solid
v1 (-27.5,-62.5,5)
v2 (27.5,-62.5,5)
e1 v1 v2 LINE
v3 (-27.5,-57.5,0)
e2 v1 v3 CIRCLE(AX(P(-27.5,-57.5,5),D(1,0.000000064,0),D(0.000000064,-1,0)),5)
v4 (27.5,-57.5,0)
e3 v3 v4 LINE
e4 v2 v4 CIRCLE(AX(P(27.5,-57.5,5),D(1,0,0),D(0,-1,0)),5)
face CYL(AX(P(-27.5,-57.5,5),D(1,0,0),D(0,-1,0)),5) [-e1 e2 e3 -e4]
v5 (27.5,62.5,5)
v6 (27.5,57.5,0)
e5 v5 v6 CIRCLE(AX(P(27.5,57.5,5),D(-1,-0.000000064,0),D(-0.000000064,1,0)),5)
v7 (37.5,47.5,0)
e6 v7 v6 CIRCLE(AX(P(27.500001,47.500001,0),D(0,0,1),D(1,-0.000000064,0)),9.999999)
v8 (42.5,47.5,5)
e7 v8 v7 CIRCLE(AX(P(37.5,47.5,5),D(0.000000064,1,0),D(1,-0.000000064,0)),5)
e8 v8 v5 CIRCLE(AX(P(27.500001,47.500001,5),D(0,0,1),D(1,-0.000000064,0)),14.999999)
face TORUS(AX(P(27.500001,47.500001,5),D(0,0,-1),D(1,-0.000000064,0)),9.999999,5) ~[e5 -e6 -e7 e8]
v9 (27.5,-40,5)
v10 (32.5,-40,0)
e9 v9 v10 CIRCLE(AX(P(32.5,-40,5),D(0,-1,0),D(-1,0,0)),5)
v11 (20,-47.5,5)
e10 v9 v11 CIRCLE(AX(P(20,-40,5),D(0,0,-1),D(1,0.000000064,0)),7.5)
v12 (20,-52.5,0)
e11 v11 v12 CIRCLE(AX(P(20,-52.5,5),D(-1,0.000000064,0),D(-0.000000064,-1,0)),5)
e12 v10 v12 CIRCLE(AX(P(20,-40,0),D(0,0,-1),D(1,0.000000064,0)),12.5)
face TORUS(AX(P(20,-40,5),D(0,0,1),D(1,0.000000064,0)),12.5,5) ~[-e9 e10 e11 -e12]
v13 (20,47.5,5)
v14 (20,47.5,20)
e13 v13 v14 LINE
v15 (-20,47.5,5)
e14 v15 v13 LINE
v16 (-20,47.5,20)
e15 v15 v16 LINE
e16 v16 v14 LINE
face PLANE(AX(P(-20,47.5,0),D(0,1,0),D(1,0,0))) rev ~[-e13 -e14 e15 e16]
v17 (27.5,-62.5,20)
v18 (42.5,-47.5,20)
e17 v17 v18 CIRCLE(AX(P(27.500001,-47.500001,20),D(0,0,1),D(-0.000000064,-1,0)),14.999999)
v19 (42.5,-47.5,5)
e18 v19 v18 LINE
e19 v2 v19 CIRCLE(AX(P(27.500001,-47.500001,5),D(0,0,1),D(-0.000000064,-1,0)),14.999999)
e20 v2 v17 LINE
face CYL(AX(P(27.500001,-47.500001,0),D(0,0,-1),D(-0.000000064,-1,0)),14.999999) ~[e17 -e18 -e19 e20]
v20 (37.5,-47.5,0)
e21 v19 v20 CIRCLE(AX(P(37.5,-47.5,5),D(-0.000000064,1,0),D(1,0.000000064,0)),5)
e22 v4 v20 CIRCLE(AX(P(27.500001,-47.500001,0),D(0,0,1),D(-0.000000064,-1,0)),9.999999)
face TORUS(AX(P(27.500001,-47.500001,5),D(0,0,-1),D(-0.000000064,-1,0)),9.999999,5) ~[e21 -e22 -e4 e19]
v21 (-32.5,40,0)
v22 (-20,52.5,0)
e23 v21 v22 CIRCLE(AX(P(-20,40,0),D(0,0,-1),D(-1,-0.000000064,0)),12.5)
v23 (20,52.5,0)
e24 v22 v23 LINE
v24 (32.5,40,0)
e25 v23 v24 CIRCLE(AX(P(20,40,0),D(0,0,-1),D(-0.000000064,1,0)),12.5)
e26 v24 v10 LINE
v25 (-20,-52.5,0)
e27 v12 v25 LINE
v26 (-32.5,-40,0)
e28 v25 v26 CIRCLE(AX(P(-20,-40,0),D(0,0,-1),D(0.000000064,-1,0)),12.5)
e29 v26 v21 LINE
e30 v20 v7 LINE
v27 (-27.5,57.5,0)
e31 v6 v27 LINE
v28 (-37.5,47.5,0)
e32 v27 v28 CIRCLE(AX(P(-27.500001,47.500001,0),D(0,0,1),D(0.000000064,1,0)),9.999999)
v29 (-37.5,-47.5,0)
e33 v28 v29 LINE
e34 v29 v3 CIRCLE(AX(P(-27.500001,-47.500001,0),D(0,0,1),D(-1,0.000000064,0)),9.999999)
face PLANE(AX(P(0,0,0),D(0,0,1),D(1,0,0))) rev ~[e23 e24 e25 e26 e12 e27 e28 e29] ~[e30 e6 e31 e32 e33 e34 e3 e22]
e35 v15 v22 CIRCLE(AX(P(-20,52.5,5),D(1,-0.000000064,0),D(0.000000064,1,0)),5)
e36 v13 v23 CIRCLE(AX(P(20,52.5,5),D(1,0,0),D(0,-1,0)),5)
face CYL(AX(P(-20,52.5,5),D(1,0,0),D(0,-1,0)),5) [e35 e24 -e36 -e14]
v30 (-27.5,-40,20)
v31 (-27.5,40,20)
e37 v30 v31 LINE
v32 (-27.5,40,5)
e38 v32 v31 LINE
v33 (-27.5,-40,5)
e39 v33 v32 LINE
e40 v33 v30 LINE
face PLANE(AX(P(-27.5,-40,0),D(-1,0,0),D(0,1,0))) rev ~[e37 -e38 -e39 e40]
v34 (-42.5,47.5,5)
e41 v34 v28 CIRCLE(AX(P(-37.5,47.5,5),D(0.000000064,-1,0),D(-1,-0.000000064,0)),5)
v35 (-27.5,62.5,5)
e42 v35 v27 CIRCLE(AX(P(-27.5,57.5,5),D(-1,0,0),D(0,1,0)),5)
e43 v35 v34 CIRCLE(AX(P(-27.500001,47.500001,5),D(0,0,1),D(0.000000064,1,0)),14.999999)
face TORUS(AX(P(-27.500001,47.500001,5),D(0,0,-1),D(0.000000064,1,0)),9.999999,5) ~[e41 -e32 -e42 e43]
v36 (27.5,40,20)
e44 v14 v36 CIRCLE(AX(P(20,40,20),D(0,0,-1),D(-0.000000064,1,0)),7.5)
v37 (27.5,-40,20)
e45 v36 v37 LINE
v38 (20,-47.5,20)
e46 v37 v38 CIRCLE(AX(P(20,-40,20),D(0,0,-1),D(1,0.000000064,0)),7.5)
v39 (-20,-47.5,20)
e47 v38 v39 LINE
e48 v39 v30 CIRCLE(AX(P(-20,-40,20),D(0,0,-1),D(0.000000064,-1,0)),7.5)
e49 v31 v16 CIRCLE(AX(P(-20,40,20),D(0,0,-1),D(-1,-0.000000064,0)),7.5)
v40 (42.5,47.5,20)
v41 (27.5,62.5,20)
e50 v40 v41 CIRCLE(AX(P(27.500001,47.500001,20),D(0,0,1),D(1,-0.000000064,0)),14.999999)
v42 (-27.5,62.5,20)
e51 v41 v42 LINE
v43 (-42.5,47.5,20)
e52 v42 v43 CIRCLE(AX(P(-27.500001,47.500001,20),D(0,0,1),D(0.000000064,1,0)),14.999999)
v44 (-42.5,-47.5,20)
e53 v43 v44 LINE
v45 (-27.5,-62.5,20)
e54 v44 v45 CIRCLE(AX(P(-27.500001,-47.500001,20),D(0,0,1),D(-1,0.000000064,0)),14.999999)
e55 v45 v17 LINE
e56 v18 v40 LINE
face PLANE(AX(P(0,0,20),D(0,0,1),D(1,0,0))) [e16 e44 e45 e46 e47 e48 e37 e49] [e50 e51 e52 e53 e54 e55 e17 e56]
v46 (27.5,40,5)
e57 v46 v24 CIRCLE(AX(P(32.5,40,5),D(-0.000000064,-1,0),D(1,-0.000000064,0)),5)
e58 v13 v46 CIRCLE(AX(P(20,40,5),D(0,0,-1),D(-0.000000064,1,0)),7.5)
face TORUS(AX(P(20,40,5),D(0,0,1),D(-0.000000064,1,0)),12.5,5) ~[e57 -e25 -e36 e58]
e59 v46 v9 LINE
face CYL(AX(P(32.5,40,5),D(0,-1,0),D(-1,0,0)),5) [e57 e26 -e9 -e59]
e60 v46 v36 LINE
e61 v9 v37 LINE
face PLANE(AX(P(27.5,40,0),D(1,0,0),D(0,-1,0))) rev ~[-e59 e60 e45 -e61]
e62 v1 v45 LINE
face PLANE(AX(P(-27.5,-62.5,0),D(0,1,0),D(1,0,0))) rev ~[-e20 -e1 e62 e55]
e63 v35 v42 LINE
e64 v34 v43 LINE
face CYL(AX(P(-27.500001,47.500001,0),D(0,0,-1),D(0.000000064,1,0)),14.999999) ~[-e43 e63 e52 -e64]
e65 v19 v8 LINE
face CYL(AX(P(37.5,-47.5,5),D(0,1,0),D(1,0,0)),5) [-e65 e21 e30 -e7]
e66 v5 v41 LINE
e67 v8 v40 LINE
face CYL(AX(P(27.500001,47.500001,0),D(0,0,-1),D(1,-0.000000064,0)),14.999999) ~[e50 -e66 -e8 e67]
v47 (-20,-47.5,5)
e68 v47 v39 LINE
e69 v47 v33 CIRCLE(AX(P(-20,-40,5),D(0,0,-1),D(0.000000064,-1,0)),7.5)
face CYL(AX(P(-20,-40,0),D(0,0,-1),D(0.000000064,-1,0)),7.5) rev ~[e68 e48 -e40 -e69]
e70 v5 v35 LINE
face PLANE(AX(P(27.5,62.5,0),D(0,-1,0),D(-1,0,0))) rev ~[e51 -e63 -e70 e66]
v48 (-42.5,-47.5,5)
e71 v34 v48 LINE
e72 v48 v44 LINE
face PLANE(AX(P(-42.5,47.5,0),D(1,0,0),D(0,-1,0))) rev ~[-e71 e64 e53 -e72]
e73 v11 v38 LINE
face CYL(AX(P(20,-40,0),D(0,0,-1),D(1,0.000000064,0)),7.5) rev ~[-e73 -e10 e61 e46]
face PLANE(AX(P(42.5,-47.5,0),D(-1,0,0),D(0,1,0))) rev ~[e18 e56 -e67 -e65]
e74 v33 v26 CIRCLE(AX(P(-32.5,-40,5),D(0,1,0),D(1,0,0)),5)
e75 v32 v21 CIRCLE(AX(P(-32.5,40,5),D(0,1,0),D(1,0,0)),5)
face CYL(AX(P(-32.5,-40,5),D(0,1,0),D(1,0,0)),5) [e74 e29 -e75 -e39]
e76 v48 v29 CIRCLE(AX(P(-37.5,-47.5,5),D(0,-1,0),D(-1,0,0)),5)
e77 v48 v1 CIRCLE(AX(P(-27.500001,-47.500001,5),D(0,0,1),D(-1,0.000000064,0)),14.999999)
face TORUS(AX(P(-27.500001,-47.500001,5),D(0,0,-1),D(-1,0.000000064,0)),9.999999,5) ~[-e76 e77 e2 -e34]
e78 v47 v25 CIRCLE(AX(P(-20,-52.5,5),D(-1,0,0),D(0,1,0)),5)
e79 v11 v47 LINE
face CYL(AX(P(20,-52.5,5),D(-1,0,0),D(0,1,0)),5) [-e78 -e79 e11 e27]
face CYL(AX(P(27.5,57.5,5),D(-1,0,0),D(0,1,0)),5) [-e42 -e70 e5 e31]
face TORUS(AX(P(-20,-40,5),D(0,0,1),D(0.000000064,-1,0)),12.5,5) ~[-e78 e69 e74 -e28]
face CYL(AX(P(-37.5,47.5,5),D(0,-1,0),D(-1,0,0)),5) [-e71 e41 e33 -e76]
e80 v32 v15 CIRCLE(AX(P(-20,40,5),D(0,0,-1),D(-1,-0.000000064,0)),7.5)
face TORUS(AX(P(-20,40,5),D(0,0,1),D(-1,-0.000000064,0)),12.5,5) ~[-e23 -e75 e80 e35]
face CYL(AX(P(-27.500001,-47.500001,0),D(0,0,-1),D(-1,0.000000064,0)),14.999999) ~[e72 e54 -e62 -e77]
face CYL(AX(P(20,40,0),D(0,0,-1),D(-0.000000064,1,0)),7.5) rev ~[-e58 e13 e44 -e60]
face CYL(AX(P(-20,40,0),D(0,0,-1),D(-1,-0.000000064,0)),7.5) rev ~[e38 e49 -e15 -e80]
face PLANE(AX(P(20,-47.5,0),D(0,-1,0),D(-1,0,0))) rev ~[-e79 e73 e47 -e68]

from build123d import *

# Parameters (mm, degrees)
F1_DEPTH = 20
F2_R     = 5


with BuildPart() as f1:
    # F0 (on Top) → F1 (new body)
    with BuildSketch(Plane.XY):
        with BuildLine():
            ThreePointArc((42.5, 47.5), (38.106602, 58.106602), (27.5, 62.5))
            Line((27.5, 62.5), (-27.5, 62.5))
            ThreePointArc((-27.5, 62.5), (-38.106602, 58.106602), (-42.5, 47.5))
            Line((-42.5, 47.5), (-42.5, -47.5))
            ThreePointArc((-42.5, -47.5), (-38.106602, -58.106602), (-27.5, -62.5))
            Line((-27.5, -62.5), (27.5, -62.5))
            ThreePointArc((27.5, -62.5), (38.106602, -58.106602), (42.5, -47.5))
            Line((42.5, -47.5), (42.5, 47.5))
        make_face()
        with BuildLine():
            Line((-20, 47.5), (20, 47.5))
            ThreePointArc((20, 47.5), (25.303301, 45.303301), (27.5, 40))
            Line((27.5, 40), (27.5, -40))
            ThreePointArc((27.5, -40), (25.303301, -45.303301), (20, -47.5))
            Line((20, -47.5), (-20, -47.5))
            ThreePointArc((-20, -47.5), (-25.303301, -45.303301), (-27.5, -40))
            Line((-27.5, -40), (-27.5, 40))
            ThreePointArc((-27.5, 40), (-25.303301, 45.303301), (-20, 47.5))
        make_face(mode=Mode.SUBTRACT)
    extrude(amount=F1_DEPTH)

    # F2
    f2_edges = [f1.edges().sort_by_distance(p)[0] for p in [
        (38.106602, 58.106602, 0),
        (0, 62.5, 0),
        (-38.106602, 58.106602, 0),
        (-42.5, 0, 0),
        (-38.106602, -58.106602, 0),
        (0, -62.5, 0),
        (38.106602, -58.106602, 0),
        (42.5, 0, 0),
        (-27.5, 0, 0),
        (-25.303301, 45.303301, 0),
        (0, 47.5, 0),
        (25.303301, 45.303301, 0),
        (27.5, 0, 0),
        (25.303301, -45.303301, 0),
        (0, -47.5, 0),
        (-25.303301, -45.303301, 0),
    ]]
    fillet(f2_edges, radius=F2_R)


solid = f1.part
